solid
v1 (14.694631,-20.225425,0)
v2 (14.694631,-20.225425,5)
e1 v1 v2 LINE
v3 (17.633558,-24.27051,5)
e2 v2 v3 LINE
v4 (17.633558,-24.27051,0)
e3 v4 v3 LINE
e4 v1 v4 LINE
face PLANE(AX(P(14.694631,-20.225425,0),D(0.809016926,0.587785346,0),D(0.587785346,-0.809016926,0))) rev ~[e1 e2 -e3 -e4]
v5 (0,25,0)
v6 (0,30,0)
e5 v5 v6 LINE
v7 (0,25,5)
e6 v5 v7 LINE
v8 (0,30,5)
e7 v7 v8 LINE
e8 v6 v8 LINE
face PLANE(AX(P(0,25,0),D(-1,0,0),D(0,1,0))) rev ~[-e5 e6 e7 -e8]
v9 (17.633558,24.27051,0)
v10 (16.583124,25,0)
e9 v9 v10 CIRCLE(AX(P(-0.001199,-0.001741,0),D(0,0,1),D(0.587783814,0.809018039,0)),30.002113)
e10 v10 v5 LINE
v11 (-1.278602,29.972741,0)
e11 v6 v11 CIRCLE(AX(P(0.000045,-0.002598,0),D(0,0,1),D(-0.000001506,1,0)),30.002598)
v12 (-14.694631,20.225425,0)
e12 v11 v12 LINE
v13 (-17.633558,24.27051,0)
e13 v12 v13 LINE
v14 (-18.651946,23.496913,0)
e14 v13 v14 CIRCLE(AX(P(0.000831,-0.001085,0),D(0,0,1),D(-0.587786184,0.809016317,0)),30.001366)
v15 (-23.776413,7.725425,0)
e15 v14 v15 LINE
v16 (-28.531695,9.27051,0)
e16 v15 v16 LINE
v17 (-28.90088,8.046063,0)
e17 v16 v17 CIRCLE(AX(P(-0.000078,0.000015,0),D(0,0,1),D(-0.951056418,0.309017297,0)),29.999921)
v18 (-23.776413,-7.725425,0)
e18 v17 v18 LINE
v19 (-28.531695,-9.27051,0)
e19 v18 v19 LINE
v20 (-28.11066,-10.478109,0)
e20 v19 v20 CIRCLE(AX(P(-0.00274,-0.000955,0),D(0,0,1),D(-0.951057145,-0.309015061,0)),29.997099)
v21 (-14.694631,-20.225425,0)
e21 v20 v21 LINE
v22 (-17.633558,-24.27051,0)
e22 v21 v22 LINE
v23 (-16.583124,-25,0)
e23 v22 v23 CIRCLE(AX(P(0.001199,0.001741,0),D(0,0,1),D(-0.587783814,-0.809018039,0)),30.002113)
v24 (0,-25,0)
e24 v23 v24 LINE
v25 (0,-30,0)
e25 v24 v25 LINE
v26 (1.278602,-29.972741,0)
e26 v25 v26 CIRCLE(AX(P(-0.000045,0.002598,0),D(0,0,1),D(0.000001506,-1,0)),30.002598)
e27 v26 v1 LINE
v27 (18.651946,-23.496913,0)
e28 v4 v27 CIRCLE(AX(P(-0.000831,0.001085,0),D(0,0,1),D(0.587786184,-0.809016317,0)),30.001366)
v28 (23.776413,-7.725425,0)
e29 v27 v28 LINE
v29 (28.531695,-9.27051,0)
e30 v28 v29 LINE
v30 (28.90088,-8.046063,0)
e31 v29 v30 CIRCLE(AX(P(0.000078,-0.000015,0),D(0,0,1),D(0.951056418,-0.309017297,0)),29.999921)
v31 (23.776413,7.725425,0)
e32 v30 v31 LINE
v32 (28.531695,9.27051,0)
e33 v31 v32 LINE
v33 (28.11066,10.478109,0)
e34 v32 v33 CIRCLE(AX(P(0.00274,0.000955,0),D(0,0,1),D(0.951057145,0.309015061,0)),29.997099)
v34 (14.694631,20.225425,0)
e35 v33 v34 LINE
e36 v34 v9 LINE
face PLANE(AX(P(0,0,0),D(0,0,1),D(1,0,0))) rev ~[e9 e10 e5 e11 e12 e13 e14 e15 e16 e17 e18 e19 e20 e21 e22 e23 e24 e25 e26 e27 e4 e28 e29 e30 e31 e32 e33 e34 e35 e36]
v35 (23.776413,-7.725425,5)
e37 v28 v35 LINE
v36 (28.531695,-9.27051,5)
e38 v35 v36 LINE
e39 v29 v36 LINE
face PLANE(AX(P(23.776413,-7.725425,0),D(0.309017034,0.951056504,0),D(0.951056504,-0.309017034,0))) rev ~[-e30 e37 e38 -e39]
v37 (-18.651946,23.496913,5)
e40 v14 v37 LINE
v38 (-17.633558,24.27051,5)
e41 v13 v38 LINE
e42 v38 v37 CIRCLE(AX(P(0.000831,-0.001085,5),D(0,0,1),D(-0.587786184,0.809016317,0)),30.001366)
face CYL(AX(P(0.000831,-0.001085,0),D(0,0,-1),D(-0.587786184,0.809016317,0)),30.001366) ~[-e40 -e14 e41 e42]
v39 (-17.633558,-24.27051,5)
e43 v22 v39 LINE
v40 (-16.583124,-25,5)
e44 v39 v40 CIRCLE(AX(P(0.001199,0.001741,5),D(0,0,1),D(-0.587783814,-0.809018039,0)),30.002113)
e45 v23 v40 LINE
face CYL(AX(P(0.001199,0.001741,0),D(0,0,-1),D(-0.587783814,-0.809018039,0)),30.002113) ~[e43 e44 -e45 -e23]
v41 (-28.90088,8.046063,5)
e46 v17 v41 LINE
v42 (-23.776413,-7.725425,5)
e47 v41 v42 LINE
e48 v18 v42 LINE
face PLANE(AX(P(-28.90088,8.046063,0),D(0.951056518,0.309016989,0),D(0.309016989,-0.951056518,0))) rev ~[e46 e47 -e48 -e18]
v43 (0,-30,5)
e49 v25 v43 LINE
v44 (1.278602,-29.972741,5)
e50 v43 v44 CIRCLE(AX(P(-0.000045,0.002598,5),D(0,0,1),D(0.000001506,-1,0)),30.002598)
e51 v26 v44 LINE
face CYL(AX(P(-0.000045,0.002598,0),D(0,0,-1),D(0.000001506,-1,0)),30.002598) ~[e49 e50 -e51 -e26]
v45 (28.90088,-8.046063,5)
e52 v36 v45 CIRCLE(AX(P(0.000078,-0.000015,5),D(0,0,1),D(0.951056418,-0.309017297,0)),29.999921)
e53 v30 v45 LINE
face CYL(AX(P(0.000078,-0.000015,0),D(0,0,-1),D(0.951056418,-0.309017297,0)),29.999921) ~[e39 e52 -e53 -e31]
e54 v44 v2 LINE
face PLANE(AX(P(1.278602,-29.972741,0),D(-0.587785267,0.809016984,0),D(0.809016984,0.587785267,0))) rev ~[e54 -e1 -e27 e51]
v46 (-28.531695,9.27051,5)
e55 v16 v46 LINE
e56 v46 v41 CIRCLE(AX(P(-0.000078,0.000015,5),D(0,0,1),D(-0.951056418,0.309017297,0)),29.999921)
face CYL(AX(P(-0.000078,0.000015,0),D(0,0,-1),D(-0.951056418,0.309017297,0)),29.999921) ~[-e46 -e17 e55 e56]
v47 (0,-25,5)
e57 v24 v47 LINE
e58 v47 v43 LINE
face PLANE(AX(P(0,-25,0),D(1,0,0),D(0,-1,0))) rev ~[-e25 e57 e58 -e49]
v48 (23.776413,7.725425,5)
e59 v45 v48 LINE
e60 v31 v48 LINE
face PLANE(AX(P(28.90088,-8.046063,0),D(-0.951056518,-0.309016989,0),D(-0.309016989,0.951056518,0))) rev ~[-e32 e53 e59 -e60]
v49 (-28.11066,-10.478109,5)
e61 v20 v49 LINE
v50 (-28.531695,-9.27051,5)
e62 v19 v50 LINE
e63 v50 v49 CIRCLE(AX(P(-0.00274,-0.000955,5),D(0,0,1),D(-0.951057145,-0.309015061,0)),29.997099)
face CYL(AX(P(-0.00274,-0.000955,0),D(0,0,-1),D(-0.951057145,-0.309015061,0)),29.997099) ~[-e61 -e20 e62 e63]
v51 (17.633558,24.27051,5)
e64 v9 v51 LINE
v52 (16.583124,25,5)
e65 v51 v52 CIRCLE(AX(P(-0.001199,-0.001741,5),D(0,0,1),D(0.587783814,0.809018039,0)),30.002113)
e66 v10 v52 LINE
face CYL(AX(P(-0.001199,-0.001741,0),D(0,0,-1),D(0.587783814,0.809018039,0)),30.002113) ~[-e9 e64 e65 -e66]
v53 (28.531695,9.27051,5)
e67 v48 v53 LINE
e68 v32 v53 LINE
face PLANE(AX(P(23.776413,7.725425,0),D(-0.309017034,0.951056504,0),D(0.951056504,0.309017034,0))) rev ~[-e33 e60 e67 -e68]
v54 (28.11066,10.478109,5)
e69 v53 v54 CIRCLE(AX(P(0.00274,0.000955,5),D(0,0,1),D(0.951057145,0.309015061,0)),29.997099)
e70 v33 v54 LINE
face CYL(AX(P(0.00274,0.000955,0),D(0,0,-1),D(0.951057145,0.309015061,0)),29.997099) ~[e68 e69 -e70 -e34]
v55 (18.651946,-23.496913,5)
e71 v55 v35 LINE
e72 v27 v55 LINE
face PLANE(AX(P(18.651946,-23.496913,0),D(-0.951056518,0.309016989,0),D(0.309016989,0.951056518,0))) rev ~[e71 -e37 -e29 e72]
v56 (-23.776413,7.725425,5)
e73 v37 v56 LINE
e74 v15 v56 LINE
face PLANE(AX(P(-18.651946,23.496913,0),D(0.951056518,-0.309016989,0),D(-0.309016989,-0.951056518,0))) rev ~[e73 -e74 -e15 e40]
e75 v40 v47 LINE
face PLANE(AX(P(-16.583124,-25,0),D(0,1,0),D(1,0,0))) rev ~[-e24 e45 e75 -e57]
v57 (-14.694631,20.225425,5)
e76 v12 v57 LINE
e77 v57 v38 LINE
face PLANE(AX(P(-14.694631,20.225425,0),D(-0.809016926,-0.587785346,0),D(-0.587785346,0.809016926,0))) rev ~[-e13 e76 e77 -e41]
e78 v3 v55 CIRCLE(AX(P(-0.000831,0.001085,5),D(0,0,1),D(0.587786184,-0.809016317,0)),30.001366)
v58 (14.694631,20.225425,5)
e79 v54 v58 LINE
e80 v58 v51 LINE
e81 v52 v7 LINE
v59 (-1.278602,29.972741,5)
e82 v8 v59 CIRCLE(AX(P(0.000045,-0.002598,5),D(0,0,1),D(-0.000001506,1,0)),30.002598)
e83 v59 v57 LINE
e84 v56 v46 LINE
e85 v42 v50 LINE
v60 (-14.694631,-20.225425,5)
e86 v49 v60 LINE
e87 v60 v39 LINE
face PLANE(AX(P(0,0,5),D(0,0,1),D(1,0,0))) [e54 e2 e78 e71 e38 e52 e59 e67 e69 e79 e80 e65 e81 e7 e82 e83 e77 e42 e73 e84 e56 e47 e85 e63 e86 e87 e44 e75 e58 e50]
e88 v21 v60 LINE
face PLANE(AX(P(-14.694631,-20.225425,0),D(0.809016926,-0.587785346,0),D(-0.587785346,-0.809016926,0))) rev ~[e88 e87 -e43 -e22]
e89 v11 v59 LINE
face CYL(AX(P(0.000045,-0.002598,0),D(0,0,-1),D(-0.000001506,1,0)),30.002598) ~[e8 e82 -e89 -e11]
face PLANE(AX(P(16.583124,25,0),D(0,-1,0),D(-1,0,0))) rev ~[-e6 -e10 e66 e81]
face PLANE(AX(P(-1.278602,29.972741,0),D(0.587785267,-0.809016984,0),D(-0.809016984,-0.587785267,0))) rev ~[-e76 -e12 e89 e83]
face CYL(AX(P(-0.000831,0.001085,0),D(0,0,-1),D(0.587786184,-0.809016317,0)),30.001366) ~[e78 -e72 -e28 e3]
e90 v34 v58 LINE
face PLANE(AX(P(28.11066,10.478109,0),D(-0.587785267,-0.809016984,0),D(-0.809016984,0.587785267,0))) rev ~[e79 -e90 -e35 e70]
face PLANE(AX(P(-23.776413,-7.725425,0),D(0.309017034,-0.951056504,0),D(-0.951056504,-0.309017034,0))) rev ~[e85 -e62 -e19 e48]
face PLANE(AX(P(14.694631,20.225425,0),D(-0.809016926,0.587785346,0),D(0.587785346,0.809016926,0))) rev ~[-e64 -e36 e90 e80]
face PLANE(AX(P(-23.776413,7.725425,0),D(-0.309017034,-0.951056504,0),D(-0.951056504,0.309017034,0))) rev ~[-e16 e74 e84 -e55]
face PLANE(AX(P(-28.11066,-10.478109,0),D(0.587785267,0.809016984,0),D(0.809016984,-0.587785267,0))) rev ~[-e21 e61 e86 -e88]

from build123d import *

# Parameters (mm, degrees)
F1_DEPTH = 5


with BuildPart() as f1:
    # F0 (on Top) → F1 (new body)
    with BuildSketch(Plane.XY):
        with BuildLine():
            Line((23.776413, 7.725425), (28.531695, 9.27051))
            ThreePointArc((28.531695, 9.27051), (28.327614, 9.876553), (28.11066, 10.478109))
            Line((28.11066, 10.478109), (14.694631, 20.225425))
            Line((14.694631, 20.225425), (17.633558, 24.27051))
            ThreePointArc((17.633558, 24.27051), (17.112228, 24.640853), (16.583124, 25))
            Line((16.583124, 25), (0, 25))
            Line((0, 25), (0, 30))
            ThreePointArc((0, 30), (-0.639446, 29.993184), (-1.278602, 29.972741))
            Line((-1.278602, 29.972741), (-14.694631, 20.225425))
            Line((-14.694631, 20.225425), (-17.633558, 24.27051))
            ThreePointArc((-17.633558, 24.27051), (-18.146874, 23.889139), (-18.651946, 23.496913))
            Line((-18.651946, 23.496913), (-23.776413, 7.725425))
            Line((-23.776413, 7.725425), (-28.531695, 9.27051))
            ThreePointArc((-28.531695, 9.27051), (-28.722813, 8.660254), (-28.90088, 8.046063))
            Line((-28.90088, 8.046063), (-23.776413, -7.725425))
            Line((-23.776413, -7.725425), (-28.531695, -9.27051))
            ThreePointArc((-28.531695, -9.27051), (-28.327614, -9.876553), (-28.11066, -10.478109))
            Line((-28.11066, -10.478109), (-14.694631, -20.225425))
            Line((-14.694631, -20.225425), (-17.633558, -24.27051))
            ThreePointArc((-17.633558, -24.27051), (-17.112228, -24.640853), (-16.583124, -25))
            Line((-16.583124, -25), (0, -25))
            Line((0, -25), (0, -30))
            ThreePointArc((0, -30), (0.639446, -29.993184), (1.278602, -29.972741))
            Line((1.278602, -29.972741), (14.694631, -20.225425))
            Line((14.694631, -20.225425), (17.633558, -24.27051))
            ThreePointArc((17.633558, -24.27051), (18.146874, -23.889139), (18.651946, -23.496913))
            Line((18.651946, -23.496913), (23.776413, -7.725425))
            Line((23.776413, -7.725425), (28.531695, -9.27051))
            ThreePointArc((28.531695, -9.27051), (28.722813, -8.660254), (28.90088, -8.046063))
            Line((28.90088, -8.046063), (23.776413, 7.725425))
        make_face()
    extrude(amount=F1_DEPTH)


solid = f1.part
